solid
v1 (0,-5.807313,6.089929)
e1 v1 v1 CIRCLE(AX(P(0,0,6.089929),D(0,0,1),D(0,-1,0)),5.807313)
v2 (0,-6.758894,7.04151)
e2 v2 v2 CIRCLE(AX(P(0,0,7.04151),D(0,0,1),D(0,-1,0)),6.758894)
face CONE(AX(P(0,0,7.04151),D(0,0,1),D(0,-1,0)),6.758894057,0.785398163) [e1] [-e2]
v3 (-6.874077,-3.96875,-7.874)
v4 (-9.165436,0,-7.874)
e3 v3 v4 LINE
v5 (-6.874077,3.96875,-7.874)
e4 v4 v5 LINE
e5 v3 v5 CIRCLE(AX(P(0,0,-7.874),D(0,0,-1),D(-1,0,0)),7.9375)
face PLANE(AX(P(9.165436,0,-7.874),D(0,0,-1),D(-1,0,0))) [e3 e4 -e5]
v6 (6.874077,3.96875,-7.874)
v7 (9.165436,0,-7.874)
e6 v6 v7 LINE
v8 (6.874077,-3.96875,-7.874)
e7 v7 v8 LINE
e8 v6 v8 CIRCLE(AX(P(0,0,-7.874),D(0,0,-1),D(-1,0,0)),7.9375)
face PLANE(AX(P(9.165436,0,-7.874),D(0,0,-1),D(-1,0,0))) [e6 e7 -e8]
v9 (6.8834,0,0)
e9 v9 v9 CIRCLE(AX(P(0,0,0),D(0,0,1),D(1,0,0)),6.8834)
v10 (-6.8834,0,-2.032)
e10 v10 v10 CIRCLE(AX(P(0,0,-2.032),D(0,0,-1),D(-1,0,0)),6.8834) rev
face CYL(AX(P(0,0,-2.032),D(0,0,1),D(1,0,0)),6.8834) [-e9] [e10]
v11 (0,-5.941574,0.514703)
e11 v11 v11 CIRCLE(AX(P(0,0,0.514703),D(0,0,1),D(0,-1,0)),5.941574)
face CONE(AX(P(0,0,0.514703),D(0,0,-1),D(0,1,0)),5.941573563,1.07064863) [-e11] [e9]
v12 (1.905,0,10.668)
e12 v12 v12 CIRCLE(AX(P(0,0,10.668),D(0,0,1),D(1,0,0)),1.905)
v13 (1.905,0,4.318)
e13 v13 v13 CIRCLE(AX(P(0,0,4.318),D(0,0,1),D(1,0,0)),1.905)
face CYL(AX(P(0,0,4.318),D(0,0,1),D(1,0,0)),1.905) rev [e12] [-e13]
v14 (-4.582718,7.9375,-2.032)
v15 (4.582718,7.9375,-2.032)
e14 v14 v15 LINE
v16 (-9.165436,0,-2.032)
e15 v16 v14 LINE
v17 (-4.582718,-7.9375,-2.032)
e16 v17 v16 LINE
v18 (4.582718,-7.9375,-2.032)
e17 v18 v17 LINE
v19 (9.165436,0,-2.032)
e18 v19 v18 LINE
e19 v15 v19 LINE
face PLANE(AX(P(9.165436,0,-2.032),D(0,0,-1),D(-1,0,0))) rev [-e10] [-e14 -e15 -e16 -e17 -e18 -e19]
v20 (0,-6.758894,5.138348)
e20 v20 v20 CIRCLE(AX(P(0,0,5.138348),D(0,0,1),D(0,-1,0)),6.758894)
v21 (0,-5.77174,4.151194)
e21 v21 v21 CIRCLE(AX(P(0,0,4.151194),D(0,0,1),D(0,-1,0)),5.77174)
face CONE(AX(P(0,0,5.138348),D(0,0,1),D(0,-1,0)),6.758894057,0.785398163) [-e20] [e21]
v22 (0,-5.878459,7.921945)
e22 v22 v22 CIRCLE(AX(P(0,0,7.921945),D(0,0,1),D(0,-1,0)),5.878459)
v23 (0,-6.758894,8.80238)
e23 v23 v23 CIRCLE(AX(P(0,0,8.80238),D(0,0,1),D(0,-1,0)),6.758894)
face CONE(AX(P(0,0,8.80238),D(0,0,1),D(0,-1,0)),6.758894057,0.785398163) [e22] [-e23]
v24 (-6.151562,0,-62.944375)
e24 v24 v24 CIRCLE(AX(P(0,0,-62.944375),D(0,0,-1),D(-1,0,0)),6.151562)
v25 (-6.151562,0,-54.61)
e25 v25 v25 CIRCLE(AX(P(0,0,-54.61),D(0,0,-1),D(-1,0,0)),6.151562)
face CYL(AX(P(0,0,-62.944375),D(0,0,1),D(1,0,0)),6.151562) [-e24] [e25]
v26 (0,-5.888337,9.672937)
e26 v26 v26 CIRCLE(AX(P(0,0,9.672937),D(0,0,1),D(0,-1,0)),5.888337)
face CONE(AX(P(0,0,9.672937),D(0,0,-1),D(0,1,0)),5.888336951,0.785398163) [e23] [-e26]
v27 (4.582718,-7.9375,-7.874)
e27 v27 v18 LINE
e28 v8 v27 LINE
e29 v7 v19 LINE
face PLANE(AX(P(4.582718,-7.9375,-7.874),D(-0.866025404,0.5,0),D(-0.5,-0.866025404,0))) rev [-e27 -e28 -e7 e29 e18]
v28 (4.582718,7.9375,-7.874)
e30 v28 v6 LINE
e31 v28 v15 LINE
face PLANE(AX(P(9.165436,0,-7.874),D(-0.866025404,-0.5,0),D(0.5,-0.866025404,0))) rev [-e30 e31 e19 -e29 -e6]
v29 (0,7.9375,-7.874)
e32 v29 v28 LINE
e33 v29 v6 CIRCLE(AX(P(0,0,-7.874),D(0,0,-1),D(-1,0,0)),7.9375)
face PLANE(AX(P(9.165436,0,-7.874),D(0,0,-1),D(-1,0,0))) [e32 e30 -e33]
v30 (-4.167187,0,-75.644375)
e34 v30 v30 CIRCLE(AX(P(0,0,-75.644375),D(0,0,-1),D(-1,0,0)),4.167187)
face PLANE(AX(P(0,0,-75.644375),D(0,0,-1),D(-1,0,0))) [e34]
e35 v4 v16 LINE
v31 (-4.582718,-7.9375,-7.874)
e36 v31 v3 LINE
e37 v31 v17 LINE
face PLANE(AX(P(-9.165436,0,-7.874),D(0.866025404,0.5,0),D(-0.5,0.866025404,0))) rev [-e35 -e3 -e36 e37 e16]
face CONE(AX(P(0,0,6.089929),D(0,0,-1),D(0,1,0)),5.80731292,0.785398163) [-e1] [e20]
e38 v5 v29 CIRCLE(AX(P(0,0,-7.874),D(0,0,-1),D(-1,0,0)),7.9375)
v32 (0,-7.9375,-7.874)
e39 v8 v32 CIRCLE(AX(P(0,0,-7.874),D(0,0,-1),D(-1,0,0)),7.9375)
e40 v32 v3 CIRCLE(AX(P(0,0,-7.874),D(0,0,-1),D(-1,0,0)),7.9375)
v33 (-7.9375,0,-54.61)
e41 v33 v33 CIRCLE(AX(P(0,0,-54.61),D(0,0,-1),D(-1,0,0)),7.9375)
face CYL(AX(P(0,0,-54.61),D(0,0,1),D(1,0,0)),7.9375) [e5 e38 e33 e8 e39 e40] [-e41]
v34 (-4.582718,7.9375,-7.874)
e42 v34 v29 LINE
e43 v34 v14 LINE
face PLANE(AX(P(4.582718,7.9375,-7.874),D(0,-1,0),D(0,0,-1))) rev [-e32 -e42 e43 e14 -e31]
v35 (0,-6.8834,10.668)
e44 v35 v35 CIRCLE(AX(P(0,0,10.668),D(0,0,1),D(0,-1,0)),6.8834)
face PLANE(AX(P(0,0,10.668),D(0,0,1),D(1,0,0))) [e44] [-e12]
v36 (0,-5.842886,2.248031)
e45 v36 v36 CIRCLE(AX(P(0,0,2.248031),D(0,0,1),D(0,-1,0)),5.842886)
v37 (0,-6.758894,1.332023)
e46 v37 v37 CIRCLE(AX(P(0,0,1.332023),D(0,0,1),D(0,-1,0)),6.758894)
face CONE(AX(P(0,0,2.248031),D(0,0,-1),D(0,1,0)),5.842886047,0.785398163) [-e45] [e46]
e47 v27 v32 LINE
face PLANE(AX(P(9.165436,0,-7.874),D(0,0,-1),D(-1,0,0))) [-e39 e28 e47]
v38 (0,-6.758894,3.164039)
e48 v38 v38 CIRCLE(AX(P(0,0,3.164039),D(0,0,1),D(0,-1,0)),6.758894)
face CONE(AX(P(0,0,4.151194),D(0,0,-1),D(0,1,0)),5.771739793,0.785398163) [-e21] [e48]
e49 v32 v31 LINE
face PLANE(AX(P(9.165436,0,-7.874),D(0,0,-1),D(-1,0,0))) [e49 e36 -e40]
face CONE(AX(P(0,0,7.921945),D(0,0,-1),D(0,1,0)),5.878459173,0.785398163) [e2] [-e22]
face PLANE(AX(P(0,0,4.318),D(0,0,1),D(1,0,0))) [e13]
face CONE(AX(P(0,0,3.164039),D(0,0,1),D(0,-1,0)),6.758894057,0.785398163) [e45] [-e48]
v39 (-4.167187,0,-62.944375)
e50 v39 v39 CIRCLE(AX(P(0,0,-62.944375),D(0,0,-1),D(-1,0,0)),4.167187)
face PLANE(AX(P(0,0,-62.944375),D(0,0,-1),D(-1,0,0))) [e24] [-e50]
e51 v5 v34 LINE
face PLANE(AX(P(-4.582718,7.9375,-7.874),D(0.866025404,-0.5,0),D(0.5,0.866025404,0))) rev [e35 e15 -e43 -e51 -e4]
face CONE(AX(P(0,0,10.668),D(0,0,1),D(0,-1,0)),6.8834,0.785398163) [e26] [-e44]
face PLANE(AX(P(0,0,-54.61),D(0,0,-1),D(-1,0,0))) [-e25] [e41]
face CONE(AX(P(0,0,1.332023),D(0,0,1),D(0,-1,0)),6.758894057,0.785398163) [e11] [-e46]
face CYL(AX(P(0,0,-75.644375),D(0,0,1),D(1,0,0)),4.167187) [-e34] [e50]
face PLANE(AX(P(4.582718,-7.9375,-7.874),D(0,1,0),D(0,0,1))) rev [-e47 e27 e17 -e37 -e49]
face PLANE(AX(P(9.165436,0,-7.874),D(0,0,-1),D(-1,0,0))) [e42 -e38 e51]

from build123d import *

# Parameters (mm, degrees)
SKETCH1_R          = 6.8834
EXTRUDE1_DEPTH     = 10.668
SKETCH1_2_R        = 6.8834
EXTRUDE2_DEPTH     = 2.032
SKETCH3_R          = 1.905
CUT_EXTRUDE1_DEPTH = 6.35
EXTRUDE3_DEPTH     = 5.842
SKETCH5_R          = 7.9375
EXTRUDE4_DEPTH     = 46.736
SKETCH6_R          = 6.1515625
EXTRUDE5_DEPTH     = 8.334375
SKETCH7_R          = 4.1671875
EXTRUDE6_DEPTH     = 12.7


with BuildPart() as part:
    # Sketch1 → Extrude1 (new body)
    with BuildSketch(Plane.XY):
        Circle(SKETCH1_R)
    extrude(amount=EXTRUDE1_DEPTH)

    # Sketch2 → Cut-Revolve5 (revolve, cut)
    with BuildSketch(Plane(origin=(0, 0, 0), x_dir=(0, 0, -1), z_dir=(1, 0, 0))):
        Polygon((-10.668, 6.8834), (-9.672936951, 5.888336951), (-8.802379845, 6.758894057), (-7.921944961, 5.878459173), (-7.041510078, 6.758894057), (-6.089928941, 5.80731292), (-5.138347804, 6.758894057), (-4.15119354, 5.771739793), (-3.164039276, 6.758894057), (-2.248031266, 5.842886047), (-1.332023256, 6.758894057), (-0.514702762, 5.941573563), (0, 6.8834), align=None)
    revolve(axis=Axis((0, 0, 12.00396124), (0, 0, -1)), mode=Mode.SUBTRACT)

    # Sketch1<2> → Extrude2 (add)
    with BuildSketch(Plane.XY):
        Circle(SKETCH1_2_R)
    extrude(amount=-EXTRUDE2_DEPTH)

    # Sketch3 → Cut-Extrude1 (cut)
    with BuildSketch(Plane.XY.offset(10.668)):
        Circle(SKETCH3_R)
    extrude(amount=-CUT_EXTRUDE1_DEPTH, mode=Mode.SUBTRACT)

    # Sketch4 → Extrude3 (add)
    with BuildSketch(Plane(origin=(0, 0, -2.032), x_dir=(-1, 0, 0), z_dir=(0, 0, -1))):
        Polygon((-4.582717762, 7.9375), (4.582717762, 7.9375), (9.165435523, 0), (4.582717762, -7.9375), (-4.582717762, -7.9375), (-9.165435523, 0), align=None)
    extrude(amount=EXTRUDE3_DEPTH)

    # Sketch5 → Extrude4 (add)
    with BuildSketch(Plane(origin=(0, 0, -7.874), x_dir=(-1, 0, 0), z_dir=(0, 0, -1))):
        Circle(SKETCH5_R)
    extrude(amount=EXTRUDE4_DEPTH)

    # Sketch6 → Extrude5 (add)
    with BuildSketch(Plane(origin=(0, 0, -54.61), x_dir=(-1, 0, 0), z_dir=(0, 0, -1))):
        Circle(SKETCH6_R)
    extrude(amount=EXTRUDE5_DEPTH)

    # Sketch7 → Extrude6 (add)
    with BuildSketch(Plane(origin=(0, 0, -62.944375), x_dir=(-1, 0, 0), z_dir=(0, 0, -1))):
        Circle(SKETCH7_R)
    extrude(amount=EXTRUDE6_DEPTH)


solid = part.part
